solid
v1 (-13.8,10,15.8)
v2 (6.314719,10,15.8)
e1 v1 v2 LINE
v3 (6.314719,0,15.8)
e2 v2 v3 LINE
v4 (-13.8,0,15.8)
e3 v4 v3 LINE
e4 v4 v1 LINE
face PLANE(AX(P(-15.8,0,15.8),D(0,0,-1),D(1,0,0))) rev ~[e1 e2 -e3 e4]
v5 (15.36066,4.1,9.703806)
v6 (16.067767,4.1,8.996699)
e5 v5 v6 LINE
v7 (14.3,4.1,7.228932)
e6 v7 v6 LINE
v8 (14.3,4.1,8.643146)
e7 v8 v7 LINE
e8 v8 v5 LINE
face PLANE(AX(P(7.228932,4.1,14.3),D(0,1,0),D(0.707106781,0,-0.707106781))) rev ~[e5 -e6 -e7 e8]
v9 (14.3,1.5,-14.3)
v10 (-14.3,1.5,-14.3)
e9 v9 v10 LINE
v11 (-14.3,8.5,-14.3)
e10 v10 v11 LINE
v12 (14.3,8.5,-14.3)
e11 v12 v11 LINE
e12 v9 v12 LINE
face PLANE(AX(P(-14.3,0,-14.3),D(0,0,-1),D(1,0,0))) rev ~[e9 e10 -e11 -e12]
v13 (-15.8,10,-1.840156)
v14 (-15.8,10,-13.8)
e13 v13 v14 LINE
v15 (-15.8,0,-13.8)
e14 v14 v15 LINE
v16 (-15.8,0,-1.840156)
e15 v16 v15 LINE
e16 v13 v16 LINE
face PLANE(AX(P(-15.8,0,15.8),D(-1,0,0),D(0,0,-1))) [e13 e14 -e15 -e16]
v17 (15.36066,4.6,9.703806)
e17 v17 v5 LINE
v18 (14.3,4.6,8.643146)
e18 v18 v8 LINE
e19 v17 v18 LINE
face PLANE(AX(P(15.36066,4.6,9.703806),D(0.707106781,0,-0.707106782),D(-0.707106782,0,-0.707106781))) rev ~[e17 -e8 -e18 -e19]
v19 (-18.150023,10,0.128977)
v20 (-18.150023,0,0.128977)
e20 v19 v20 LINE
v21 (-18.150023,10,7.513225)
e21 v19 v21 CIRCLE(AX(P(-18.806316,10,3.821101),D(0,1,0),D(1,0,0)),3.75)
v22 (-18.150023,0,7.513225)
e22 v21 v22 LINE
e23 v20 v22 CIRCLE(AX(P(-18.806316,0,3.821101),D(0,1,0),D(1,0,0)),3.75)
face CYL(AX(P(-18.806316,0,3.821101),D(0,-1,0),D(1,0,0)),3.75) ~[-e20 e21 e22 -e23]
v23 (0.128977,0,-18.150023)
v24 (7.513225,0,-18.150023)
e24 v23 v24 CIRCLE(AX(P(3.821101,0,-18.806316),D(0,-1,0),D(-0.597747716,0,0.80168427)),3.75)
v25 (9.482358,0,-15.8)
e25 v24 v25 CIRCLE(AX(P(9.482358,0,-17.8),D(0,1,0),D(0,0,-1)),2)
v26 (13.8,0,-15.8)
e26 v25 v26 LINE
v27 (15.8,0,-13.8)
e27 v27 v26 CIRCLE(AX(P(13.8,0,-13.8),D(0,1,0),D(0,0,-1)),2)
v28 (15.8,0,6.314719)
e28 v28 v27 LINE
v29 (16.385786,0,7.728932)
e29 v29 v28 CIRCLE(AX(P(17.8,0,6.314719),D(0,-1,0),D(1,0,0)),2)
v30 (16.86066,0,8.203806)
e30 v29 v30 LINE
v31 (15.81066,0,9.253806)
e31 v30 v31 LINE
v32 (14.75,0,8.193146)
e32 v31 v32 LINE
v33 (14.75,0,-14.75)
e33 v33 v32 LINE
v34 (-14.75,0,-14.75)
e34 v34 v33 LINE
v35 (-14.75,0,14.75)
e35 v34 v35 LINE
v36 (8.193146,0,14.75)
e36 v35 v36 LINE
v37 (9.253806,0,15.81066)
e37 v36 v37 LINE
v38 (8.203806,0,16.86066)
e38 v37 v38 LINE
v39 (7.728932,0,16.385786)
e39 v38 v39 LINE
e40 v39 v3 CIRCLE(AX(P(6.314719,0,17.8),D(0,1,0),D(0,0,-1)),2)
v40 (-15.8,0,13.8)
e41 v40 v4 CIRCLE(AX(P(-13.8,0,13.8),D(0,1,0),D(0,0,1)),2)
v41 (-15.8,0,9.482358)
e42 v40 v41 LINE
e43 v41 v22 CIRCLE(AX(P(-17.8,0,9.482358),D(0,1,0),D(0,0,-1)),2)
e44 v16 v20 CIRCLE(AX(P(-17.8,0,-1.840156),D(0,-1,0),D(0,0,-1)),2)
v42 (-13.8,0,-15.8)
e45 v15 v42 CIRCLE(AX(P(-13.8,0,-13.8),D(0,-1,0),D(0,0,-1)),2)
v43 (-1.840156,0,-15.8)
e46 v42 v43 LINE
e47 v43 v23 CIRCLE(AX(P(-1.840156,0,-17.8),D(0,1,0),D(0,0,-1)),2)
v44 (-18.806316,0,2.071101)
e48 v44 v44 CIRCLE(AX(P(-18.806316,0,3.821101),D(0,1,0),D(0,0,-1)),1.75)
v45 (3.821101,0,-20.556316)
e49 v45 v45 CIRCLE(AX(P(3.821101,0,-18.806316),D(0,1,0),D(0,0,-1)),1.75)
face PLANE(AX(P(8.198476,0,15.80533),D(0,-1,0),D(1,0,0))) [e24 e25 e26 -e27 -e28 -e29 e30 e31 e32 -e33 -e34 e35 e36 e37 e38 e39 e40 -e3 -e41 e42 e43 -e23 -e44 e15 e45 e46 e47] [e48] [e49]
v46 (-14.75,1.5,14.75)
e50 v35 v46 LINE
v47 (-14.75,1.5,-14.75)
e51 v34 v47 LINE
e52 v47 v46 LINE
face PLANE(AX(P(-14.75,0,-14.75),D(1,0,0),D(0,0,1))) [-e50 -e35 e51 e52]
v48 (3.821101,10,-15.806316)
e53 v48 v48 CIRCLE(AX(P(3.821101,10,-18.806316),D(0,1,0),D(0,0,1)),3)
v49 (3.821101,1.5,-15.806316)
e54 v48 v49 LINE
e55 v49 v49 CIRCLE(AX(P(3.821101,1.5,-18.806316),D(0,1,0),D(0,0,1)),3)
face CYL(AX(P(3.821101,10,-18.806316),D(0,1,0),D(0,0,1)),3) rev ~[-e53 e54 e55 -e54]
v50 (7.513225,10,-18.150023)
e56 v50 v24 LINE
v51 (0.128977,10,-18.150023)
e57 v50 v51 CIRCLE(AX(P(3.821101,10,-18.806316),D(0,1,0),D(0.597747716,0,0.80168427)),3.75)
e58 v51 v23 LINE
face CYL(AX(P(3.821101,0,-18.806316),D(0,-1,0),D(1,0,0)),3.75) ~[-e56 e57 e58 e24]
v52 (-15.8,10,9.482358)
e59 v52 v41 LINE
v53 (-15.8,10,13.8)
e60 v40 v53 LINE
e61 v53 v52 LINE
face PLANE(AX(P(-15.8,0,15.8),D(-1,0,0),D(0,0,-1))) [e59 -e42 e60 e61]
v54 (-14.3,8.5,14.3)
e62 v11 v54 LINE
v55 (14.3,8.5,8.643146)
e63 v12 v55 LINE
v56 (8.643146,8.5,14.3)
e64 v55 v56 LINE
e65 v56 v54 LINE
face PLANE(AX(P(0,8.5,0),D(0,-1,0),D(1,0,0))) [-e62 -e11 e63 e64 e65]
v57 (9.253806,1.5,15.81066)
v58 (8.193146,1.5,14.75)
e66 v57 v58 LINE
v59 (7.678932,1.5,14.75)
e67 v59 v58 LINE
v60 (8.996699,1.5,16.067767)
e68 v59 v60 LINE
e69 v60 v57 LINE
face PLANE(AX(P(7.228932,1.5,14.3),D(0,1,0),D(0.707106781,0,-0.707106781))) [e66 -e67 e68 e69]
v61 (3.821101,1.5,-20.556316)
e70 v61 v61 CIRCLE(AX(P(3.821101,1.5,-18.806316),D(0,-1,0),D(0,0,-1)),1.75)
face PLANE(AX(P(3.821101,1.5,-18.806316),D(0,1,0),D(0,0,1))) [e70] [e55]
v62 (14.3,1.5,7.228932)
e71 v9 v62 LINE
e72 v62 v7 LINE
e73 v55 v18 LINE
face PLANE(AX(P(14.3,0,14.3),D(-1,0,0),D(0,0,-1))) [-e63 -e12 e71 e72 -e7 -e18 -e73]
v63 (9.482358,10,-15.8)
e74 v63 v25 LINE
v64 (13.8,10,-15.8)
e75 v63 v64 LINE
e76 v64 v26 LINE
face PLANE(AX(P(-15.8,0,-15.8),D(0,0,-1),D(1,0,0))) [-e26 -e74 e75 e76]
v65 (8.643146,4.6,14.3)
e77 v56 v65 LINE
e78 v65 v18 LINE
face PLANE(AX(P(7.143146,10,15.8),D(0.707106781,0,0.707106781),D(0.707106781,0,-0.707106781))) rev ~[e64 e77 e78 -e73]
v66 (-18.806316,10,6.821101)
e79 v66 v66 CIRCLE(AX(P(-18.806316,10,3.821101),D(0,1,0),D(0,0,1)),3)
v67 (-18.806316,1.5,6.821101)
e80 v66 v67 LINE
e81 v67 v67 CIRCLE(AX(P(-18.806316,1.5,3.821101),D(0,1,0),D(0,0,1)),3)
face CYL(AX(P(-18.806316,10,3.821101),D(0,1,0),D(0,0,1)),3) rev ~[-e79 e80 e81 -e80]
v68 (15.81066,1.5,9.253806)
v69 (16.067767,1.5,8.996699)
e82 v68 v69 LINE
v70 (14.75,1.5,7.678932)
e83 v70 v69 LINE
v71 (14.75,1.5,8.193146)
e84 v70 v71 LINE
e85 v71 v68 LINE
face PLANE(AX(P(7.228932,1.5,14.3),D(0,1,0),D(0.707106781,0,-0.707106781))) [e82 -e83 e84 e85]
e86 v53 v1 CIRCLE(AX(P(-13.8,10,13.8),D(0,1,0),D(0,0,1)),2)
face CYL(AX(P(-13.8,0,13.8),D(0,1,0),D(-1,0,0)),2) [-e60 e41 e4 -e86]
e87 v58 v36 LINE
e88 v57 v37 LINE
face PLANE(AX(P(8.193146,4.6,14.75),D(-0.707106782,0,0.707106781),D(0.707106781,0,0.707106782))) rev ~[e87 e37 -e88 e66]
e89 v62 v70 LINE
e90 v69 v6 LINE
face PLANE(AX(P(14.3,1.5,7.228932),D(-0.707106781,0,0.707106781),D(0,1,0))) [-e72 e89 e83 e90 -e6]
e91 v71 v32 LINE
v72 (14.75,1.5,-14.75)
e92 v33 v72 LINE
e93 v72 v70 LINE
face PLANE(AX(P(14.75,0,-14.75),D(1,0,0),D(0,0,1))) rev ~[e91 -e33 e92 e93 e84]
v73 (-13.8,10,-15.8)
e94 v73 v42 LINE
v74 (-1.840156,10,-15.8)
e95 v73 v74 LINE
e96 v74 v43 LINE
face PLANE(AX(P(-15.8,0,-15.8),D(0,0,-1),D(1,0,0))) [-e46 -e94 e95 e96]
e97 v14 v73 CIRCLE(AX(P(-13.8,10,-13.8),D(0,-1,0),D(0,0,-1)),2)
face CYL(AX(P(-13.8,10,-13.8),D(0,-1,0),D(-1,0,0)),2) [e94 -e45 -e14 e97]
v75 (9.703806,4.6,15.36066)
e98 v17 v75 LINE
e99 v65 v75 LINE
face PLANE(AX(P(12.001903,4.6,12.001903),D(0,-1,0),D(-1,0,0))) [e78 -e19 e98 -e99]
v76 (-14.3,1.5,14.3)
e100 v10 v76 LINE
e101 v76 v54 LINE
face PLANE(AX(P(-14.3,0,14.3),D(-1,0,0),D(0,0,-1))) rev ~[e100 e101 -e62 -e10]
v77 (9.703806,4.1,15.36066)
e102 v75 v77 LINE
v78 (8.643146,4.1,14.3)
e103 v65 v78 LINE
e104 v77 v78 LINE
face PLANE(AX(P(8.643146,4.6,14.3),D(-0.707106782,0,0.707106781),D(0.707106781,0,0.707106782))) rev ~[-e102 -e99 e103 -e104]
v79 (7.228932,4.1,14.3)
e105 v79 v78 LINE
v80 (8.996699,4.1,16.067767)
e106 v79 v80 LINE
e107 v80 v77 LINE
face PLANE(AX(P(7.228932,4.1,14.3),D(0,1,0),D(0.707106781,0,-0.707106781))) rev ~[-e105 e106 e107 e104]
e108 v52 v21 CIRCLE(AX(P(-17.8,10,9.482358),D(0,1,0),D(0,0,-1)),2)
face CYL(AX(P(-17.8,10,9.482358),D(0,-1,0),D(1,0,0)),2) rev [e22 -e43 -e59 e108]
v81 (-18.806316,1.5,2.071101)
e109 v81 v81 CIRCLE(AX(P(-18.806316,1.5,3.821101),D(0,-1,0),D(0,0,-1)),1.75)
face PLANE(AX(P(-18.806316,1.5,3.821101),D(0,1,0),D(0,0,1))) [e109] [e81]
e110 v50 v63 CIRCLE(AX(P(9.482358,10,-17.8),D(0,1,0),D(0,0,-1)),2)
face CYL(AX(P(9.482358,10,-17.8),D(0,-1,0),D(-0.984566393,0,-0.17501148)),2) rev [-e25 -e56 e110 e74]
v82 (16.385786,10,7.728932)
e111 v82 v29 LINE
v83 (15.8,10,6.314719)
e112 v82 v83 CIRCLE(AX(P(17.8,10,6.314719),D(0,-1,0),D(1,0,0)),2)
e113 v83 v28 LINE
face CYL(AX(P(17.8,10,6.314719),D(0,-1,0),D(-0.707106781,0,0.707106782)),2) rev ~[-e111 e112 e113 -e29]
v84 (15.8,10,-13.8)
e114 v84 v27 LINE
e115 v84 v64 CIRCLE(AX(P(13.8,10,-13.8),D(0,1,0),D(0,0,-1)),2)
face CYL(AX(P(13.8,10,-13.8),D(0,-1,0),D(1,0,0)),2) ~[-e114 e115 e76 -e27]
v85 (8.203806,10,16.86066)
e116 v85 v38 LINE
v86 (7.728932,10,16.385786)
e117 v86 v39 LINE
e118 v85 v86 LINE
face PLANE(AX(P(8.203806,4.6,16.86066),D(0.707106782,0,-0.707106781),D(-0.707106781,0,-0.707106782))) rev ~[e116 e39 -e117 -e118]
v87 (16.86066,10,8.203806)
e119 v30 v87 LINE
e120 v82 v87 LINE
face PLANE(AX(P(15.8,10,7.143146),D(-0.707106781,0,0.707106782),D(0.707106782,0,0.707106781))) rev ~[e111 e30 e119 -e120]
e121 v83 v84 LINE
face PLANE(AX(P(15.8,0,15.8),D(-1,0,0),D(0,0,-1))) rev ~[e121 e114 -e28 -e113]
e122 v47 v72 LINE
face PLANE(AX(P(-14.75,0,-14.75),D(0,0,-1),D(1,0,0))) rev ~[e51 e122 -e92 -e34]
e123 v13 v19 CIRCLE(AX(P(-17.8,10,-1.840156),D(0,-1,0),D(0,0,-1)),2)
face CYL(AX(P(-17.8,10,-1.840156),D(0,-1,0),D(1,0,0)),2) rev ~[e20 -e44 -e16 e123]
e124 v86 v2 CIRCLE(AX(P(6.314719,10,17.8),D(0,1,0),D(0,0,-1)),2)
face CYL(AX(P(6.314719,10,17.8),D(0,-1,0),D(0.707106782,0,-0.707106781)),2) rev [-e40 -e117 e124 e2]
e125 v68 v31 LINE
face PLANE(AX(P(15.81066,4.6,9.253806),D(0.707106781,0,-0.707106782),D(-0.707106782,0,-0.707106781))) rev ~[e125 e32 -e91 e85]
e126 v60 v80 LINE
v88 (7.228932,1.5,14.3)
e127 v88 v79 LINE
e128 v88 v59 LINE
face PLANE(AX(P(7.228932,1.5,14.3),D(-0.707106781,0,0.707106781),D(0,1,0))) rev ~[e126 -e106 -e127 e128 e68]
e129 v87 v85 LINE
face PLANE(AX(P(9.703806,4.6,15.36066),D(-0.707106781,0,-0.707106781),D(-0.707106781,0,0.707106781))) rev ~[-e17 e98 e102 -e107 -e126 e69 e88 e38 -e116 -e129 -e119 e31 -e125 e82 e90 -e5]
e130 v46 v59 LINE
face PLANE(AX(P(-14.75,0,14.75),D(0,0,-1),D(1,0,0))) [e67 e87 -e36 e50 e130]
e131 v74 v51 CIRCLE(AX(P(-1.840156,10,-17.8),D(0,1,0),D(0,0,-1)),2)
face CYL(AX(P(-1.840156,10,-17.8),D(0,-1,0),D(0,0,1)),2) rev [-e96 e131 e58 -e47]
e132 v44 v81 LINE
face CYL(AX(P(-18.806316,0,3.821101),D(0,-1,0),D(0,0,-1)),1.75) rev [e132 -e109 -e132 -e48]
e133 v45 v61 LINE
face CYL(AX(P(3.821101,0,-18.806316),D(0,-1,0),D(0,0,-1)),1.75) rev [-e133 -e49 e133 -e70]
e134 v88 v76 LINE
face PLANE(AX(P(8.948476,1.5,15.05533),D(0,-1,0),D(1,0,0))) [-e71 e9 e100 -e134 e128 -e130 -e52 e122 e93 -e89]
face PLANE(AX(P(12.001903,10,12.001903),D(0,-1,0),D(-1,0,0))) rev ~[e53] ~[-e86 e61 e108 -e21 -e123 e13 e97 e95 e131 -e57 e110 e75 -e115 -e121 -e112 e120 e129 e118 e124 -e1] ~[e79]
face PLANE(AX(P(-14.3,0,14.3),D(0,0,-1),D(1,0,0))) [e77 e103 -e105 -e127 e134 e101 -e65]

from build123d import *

# Parameters (mm, degrees)
SKETCH1_W           = 31.6
SKETCH1_H           = 31.6
SKETCH1_W_2         = 28.6
SKETCH1_H_2         = 28.6
BOSS_EXTRUDE1_DEPTH = 10
SKETCH2_W           = 31.6
SKETCH2_H           = 31.6
BOSS_EXTRUDE2_DEPTH = 1.5
FILLET2_R           = 2
SKETCH3_R           = 3.75
SKETCH3_R_2         = 1.75
BOSS_EXTRUDE3_DEPTH = 10
SKETCH4_R           = 3
CUT_EXTRUDE1_DEPTH  = 8.5
CUT_EXTRUDE2_REACH  = 35.43
SKETCH6_W           = 29.5
SKETCH6_H           = 29.5
CUT_EXTRUDE3_DEPTH  = 1.5
FILLET3_R           = 2
BOSS_EXTRUDE4_DEPTH = 5.4
BOSS_EXTRUDE5_DEPTH = 4.6
BOSS_EXTRUDE6_DEPTH = 3.1
FILLET4_R           = 2
CUT_EXTRUDE6_START  = -2.5
SKETCH12_W          = 10
SKETCH12_H          = 2.6
CUT_EXTRUDE6_DEPTH  = 2.5


with BuildPart() as part:
    # Sketch1 → Boss-Extrude1 (new body)
    with BuildSketch(Plane(origin=(0, 0, 0), x_dir=(1, 0, 0), z_dir=(0, 1, 0))):
        Rectangle(SKETCH1_W, SKETCH1_H)
        Rectangle(SKETCH1_W_2, SKETCH1_H_2, mode=Mode.SUBTRACT)
    extrude(amount=BOSS_EXTRUDE1_DEPTH)

    # Sketch2 → Boss-Extrude2 (add)
    with BuildSketch(Plane.XZ.offset(-10)):
        Rectangle(SKETCH2_W, SKETCH2_H)
    extrude(amount=BOSS_EXTRUDE2_DEPTH)

    # Fillet2
    fillet2_edges = [part.edges().sort_by_distance(p)[0] for p in [
        (-15.8, 5, -15.8),
        (15.8, 5, -15.8),
        (15.8, 5, 15.8),
        (-15.8, 5, 15.8),
    ]]
    fillet(fillet2_edges, radius=FILLET2_R)

    # Sketch3 → Boss-Extrude3 (add)
    # profile 1 of 2: a face of its own
    with BuildSketch(Plane(origin=(0, 0, 0), x_dir=(1, 0, 0), z_dir=(0, 1, 0))):
        with Locations((-18.806316011, -3.821100987)):
            Circle(SKETCH3_R)
        with Locations(Location((-18.806316011, -3.821100987, 0), (0, 0, 90))):
            Circle(SKETCH3_R_2, mode=Mode.SUBTRACT)
    # profile 2 of 2: a face of its own
    with BuildSketch(Plane(origin=(0, 0, 0), x_dir=(1, 0, 0), z_dir=(0, 1, 0))):
        with Locations((3.821100987, 18.806316011)):
            Circle(SKETCH3_R)
        with Locations(Location((3.821100987, 18.806316011, 0), (0, 0, 90))):
            Circle(SKETCH3_R_2, mode=Mode.SUBTRACT)
    extrude(amount=BOSS_EXTRUDE3_DEPTH)

    # Sketch4 → Cut-Extrude1 (cut)
    with BuildSketch(Plane(origin=(0, 10, 0), x_dir=(1, 0, 0), z_dir=(0, 1, 0))):
        with Locations(Location((-18.806316011, -3.821100987, 0), (0, 0, 270))):
            Circle(SKETCH4_R)
        with Locations(Location((3.821100987, 18.806316011, 0), (0, 0, 270))):
            Circle(SKETCH4_R)
    extrude(amount=-CUT_EXTRUDE1_DEPTH, mode=Mode.SUBTRACT)

    # Sketch5 → Cut-Extrude2 (cut, up to next)
    with BuildSketch(Plane.XZ, mode=Mode.PRIVATE) as cut_extrude2_sk1:
        Polygon((14.3, 14.3), (8.643145751, 14.3), (14.3, 8.643145751), align=None)
    cut_extrude2_tool1 = extrude(cut_extrude2_sk1.sketch, amount=-CUT_EXTRUDE2_REACH, mode=Mode.PRIVATE) & part.part
    # Sketch5 → Cut-Extrude2 (cut, up to next)
    with BuildSketch(Plane.XZ, mode=Mode.PRIVATE) as cut_extrude2_sk2:
        with BuildLine():
            Line((13.8, 15.8), (7.143145751, 15.8))
            Line((7.143145751, 15.8), (8.643145751, 14.3))
            Line((8.643145751, 14.3), (14.3, 14.3))
            Line((14.3, 14.3), (14.3, 8.643145751))
            Line((14.3, 8.643145751), (15.8, 7.143145751))
            Line((15.8, 7.143145751), (15.8, 13.8))
            ThreePointArc((15.8, 13.8), (15.214213562, 15.214213562), (13.8, 15.8))
        make_face()
    cut_extrude2_tool2 = extrude(cut_extrude2_sk2.sketch, amount=-CUT_EXTRUDE2_REACH, mode=Mode.PRIVATE) & part.part
    add(cut_extrude2_tool1.solids().sort_by_distance((12.414382, 0, 12.414382))[0], mode=Mode.SUBTRACT)
    add(cut_extrude2_tool2.solids().sort_by_distance((15.127645, 0, 15.127645))[0], mode=Mode.SUBTRACT)

    # Sketch6 → Cut-Extrude3 (cut)
    with BuildSketch(Plane.XZ):
        Rectangle(SKETCH6_W, SKETCH6_H)
    extrude(amount=-CUT_EXTRUDE3_DEPTH, mode=Mode.SUBTRACT)

    # Fillet3
    fillet3_edges = [part.edges().sort_by_distance(p)[0] for p in [
        (6.062654922, 5, -15.8),
        (1.579547052, 5, -15.8),
        (-15.8, 5, 1.579547052),
        (-15.8, 5, 6.062654922),
    ]]
    fillet(fillet3_edges, radius=FILLET3_R)

    # Sketch7 → Boss-Extrude4 (add)
    with BuildSketch(Plane(origin=(0, 10, 0), x_dir=(1, 0, 0), z_dir=(0, 1, 0))):
        Polygon((8.203805922, -16.860660172), (7.143145751, -15.8), (15.8, -7.143145751), (16.860660172, -8.203805922), align=None)
    extrude(amount=-BOSS_EXTRUDE4_DEPTH)

    # Sketch8 → Boss-Extrude5 (add)
    with BuildSketch(Plane.XZ.offset(-4.6)):
        Polygon((7.143145751, 15.8), (8.193145751, 14.75), (9.253805922, 15.810660172), (8.203805922, 16.860660172), align=None)
        Polygon((16.860660172, 8.203805922), (15.810660172, 9.253805922), (14.75, 8.193145751), (15.8, 7.143145751), align=None)
    extrude(amount=BOSS_EXTRUDE5_DEPTH)

    # Sketch9 → Boss-Extrude6 (add)
    with BuildSketch(Plane.XZ.offset(-4.6)):
        Polygon((8.193145751, 14.75), (8.643145751, 14.3), (9.703805922, 15.360660172), (9.253805922, 15.810660172), align=None)
        Polygon((15.360660172, 9.703805922), (14.3, 8.643145751), (14.75, 8.193145751), (15.810660172, 9.253805922), align=None)
    extrude(amount=BOSS_EXTRUDE6_DEPTH)

    # Fillet4
    fillet4_edges = [part.edges().sort_by_distance(p)[0] for p in [
        (7.143145751, 5, 15.8),
        (15.8, 5, 7.143145751),
    ]]
    fillet(fillet4_edges, radius=FILLET4_R)

    # Sketch12 → Cut-Extrude6 (cut)
    with BuildSketch(Plane(origin=(12.532233047, 0, 12.532233047), x_dir=(0.7071067811865475, 0, -0.7071067811865477), z_dir=(0.7071067811865477, 0, 0.7071067811865475)).offset(CUT_EXTRUDE6_START)):
        with Locations((0, 2.8)):
            Rectangle(SKETCH12_W, SKETCH12_H)
    extrude(amount=CUT_EXTRUDE6_DEPTH, mode=Mode.SUBTRACT)


solid = part.part
